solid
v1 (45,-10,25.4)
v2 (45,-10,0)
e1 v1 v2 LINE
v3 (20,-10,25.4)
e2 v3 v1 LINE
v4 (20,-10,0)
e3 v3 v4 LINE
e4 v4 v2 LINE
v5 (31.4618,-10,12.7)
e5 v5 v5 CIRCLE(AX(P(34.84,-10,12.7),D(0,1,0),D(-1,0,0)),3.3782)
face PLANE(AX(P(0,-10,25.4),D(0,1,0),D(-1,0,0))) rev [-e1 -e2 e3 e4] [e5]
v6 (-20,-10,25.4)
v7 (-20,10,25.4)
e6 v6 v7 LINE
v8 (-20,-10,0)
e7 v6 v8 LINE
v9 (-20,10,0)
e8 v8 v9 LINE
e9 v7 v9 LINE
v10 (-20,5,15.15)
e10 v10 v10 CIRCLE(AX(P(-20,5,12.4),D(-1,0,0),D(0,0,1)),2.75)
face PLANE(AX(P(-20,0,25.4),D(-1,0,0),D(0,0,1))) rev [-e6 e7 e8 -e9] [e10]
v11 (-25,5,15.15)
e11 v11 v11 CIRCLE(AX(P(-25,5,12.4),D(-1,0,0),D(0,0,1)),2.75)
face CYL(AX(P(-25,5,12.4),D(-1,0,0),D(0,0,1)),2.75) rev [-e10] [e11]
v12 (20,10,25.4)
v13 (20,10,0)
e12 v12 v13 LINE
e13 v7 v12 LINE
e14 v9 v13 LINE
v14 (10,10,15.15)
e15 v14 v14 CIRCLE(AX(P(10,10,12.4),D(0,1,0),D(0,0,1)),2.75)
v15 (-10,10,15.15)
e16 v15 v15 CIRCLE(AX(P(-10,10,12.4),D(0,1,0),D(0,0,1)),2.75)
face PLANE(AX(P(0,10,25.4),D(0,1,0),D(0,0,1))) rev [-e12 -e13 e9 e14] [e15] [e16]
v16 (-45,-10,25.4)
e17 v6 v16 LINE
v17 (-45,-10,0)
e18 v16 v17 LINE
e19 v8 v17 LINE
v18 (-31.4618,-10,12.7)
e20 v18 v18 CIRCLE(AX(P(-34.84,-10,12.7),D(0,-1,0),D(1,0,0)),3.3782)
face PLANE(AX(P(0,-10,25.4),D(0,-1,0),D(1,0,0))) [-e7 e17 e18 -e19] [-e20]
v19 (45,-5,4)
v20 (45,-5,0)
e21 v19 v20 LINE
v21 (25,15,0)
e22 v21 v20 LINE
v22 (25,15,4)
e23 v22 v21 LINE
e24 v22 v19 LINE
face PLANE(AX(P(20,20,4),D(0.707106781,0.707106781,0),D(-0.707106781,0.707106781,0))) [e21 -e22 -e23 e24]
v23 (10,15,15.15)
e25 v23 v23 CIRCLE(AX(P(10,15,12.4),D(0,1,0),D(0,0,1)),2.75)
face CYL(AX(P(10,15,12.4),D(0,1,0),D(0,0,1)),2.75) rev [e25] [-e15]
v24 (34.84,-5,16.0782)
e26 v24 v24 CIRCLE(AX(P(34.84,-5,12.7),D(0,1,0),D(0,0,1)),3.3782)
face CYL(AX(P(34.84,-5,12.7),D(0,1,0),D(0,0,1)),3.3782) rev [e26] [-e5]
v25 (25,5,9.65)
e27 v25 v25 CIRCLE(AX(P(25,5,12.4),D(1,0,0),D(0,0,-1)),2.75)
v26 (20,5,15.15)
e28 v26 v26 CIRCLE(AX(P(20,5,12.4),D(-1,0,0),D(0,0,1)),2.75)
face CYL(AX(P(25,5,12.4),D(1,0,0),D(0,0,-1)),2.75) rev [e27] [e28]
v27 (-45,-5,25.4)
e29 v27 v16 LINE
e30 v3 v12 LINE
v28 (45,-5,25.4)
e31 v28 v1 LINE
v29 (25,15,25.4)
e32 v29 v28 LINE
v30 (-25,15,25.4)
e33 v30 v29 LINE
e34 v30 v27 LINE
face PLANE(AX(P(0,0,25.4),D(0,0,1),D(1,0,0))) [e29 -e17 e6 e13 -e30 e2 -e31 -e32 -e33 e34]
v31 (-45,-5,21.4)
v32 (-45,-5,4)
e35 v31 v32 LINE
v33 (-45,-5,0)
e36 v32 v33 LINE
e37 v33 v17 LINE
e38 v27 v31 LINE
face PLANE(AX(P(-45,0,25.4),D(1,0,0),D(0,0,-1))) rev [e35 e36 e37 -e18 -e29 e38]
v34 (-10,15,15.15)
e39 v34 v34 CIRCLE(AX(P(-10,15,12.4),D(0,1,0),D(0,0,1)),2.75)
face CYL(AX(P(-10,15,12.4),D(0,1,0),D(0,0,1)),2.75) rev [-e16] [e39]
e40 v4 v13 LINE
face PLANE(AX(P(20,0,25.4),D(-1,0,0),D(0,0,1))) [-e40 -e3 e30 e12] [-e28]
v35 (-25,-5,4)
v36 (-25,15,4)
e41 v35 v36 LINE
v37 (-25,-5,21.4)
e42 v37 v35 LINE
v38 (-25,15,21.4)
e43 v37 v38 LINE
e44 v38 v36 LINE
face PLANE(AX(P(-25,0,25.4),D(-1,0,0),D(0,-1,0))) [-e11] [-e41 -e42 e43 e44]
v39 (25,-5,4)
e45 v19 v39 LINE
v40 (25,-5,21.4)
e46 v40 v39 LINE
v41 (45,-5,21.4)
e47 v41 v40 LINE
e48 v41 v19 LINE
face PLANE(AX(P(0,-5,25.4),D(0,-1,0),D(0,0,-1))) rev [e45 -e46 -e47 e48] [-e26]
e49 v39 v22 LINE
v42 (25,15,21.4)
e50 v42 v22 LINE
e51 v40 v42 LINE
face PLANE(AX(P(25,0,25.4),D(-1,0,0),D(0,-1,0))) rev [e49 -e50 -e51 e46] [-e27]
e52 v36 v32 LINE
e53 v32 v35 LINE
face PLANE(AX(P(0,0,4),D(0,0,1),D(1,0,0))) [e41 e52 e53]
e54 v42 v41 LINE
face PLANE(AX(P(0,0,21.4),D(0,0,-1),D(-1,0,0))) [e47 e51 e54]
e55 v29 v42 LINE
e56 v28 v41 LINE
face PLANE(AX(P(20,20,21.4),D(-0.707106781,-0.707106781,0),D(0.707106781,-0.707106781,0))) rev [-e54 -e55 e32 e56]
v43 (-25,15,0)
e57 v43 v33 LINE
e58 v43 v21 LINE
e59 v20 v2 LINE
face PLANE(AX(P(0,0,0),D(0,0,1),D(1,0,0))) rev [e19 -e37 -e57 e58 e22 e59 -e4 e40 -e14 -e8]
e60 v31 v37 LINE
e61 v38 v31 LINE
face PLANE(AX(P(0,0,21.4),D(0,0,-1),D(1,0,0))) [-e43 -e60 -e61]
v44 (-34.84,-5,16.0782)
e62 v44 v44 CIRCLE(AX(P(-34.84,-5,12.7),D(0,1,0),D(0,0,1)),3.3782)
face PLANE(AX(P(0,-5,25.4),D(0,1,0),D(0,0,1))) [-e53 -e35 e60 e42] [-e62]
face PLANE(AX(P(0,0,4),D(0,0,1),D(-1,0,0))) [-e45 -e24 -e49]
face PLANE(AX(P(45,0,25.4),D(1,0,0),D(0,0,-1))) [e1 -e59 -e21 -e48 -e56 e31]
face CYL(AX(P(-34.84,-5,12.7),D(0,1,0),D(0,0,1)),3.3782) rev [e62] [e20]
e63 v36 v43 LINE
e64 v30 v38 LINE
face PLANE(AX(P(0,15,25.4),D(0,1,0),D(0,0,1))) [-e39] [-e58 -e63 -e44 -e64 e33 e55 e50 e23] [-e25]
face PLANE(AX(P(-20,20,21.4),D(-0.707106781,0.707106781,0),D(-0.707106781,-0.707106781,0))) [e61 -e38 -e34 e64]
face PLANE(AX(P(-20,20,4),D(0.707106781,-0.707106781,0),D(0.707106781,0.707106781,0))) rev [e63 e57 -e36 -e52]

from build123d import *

# Parameters (mm, degrees)
BOSS_EXTRUDE1_DEPTH  = 25.4
BOSS_EXTRUDE2_DEPTH  = 4
MIRROR2_COPY_1_DEPTH = 4


with BuildPart() as part:
    # Sketch1 → Boss-Extrude1 (new body)
    with BuildSketch(Plane.XY):
        Polygon((-25, 15), (-25, -5), (-45, -5), (-45, -10), (-20, -10), (-20, 10), (0, 10), (0, 15), align=None)
    boss_extrude1 = extrude(amount=BOSS_EXTRUDE1_DEPTH)

    # Sketch1<3> → Boss-Extrude2 (add)
    with BuildSketch(Plane.XY):
        Polygon((-25, -5), (-25, 15), (-45, -5), align=None)
    boss_extrude2 = extrude(amount=BOSS_EXTRUDE2_DEPTH)

    # Mirror1: Boss-Extrude2 across plane
    add(boss_extrude2.mirror(Plane.XY.offset(12.7)))

    # Sketch3 → M5 Clearance Hole1 (revolve, cut)
    with BuildSketch(Plane(origin=(-10, 15, 12.4), x_dir=(0, 0, 1), z_dir=(1, 0, 0))):
        Polygon((0, 0), (0, 13.652366702), (2.75, 12), (2.75, 0), align=None)
    m5_clearance_hole1 = revolve(axis=Axis((-10, 21.35, 12.4), (0, -1, 0)), mode=Mode.SUBTRACT)

    # Sketch5 → M5 Clearance Hole2 (revolve, cut)
    with BuildSketch(Plane(origin=(-25, 5, 12.4), x_dir=(0, 0, 1), z_dir=(0, 1, 0))):
        Polygon((0, 0), (0, 13.652366702), (2.75, 12), (2.75, 0), align=None)
    m5_clearance_hole2 = revolve(axis=Axis((-31.35, 5, 12.4), (1, 0, 0)), mode=Mode.SUBTRACT)

    # Sketch7 → 1/4 Clearance Hole1 (revolve, cut)
    with BuildSketch(Plane(origin=(-34.84, -5, 12.7), x_dir=(0, 0, 1), z_dir=(1, 0, 0))):
        Polygon((0, 0), (0, 14.029827343), (3.3782, 12), (3.3782, 0), align=None)
    f_1_4_clearance_hole1 = revolve(axis=Axis((-34.84, 1.35, 12.7), (0, -1, 0)), mode=Mode.SUBTRACT)

    # Mirror2: Boss-Extrude1, Boss-Extrude2, M5 Clearance Hole1, M5 Clearance Hole2, 1/4 Clearance Hole1 across plane
    add(boss_extrude1.mirror(Plane(origin=(0, 0, 0), x_dir=(0, 0, 1), z_dir=(1, 0, 0))))
    add(boss_extrude2.mirror(Plane(origin=(0, 0, 0), x_dir=(0, 0, 1), z_dir=(1, 0, 0))))
    add(m5_clearance_hole1.mirror(Plane(origin=(0, 0, 0), x_dir=(0, 0, 1), z_dir=(1, 0, 0))), mode=Mode.SUBTRACT)
    add(m5_clearance_hole2.mirror(Plane(origin=(0, 0, 0), x_dir=(0, 0, 1), z_dir=(1, 0, 0))), mode=Mode.SUBTRACT)
    add(f_1_4_clearance_hole1.mirror(Plane(origin=(0, 0, 0), x_dir=(0, 0, 1), z_dir=(1, 0, 0))), mode=Mode.SUBTRACT)

    # Mirror2 copy 1 sketch → Mirror2 copy 1 (add)
    with BuildSketch(Plane(origin=(0, 0, 25.4), x_dir=(-1, 0, 0), z_dir=(0, 0, -1))):
        Polygon((-25, -5), (-25, 15), (-45, -5), align=None)
    extrude(amount=MIRROR2_COPY_1_DEPTH)


solid = part.part
